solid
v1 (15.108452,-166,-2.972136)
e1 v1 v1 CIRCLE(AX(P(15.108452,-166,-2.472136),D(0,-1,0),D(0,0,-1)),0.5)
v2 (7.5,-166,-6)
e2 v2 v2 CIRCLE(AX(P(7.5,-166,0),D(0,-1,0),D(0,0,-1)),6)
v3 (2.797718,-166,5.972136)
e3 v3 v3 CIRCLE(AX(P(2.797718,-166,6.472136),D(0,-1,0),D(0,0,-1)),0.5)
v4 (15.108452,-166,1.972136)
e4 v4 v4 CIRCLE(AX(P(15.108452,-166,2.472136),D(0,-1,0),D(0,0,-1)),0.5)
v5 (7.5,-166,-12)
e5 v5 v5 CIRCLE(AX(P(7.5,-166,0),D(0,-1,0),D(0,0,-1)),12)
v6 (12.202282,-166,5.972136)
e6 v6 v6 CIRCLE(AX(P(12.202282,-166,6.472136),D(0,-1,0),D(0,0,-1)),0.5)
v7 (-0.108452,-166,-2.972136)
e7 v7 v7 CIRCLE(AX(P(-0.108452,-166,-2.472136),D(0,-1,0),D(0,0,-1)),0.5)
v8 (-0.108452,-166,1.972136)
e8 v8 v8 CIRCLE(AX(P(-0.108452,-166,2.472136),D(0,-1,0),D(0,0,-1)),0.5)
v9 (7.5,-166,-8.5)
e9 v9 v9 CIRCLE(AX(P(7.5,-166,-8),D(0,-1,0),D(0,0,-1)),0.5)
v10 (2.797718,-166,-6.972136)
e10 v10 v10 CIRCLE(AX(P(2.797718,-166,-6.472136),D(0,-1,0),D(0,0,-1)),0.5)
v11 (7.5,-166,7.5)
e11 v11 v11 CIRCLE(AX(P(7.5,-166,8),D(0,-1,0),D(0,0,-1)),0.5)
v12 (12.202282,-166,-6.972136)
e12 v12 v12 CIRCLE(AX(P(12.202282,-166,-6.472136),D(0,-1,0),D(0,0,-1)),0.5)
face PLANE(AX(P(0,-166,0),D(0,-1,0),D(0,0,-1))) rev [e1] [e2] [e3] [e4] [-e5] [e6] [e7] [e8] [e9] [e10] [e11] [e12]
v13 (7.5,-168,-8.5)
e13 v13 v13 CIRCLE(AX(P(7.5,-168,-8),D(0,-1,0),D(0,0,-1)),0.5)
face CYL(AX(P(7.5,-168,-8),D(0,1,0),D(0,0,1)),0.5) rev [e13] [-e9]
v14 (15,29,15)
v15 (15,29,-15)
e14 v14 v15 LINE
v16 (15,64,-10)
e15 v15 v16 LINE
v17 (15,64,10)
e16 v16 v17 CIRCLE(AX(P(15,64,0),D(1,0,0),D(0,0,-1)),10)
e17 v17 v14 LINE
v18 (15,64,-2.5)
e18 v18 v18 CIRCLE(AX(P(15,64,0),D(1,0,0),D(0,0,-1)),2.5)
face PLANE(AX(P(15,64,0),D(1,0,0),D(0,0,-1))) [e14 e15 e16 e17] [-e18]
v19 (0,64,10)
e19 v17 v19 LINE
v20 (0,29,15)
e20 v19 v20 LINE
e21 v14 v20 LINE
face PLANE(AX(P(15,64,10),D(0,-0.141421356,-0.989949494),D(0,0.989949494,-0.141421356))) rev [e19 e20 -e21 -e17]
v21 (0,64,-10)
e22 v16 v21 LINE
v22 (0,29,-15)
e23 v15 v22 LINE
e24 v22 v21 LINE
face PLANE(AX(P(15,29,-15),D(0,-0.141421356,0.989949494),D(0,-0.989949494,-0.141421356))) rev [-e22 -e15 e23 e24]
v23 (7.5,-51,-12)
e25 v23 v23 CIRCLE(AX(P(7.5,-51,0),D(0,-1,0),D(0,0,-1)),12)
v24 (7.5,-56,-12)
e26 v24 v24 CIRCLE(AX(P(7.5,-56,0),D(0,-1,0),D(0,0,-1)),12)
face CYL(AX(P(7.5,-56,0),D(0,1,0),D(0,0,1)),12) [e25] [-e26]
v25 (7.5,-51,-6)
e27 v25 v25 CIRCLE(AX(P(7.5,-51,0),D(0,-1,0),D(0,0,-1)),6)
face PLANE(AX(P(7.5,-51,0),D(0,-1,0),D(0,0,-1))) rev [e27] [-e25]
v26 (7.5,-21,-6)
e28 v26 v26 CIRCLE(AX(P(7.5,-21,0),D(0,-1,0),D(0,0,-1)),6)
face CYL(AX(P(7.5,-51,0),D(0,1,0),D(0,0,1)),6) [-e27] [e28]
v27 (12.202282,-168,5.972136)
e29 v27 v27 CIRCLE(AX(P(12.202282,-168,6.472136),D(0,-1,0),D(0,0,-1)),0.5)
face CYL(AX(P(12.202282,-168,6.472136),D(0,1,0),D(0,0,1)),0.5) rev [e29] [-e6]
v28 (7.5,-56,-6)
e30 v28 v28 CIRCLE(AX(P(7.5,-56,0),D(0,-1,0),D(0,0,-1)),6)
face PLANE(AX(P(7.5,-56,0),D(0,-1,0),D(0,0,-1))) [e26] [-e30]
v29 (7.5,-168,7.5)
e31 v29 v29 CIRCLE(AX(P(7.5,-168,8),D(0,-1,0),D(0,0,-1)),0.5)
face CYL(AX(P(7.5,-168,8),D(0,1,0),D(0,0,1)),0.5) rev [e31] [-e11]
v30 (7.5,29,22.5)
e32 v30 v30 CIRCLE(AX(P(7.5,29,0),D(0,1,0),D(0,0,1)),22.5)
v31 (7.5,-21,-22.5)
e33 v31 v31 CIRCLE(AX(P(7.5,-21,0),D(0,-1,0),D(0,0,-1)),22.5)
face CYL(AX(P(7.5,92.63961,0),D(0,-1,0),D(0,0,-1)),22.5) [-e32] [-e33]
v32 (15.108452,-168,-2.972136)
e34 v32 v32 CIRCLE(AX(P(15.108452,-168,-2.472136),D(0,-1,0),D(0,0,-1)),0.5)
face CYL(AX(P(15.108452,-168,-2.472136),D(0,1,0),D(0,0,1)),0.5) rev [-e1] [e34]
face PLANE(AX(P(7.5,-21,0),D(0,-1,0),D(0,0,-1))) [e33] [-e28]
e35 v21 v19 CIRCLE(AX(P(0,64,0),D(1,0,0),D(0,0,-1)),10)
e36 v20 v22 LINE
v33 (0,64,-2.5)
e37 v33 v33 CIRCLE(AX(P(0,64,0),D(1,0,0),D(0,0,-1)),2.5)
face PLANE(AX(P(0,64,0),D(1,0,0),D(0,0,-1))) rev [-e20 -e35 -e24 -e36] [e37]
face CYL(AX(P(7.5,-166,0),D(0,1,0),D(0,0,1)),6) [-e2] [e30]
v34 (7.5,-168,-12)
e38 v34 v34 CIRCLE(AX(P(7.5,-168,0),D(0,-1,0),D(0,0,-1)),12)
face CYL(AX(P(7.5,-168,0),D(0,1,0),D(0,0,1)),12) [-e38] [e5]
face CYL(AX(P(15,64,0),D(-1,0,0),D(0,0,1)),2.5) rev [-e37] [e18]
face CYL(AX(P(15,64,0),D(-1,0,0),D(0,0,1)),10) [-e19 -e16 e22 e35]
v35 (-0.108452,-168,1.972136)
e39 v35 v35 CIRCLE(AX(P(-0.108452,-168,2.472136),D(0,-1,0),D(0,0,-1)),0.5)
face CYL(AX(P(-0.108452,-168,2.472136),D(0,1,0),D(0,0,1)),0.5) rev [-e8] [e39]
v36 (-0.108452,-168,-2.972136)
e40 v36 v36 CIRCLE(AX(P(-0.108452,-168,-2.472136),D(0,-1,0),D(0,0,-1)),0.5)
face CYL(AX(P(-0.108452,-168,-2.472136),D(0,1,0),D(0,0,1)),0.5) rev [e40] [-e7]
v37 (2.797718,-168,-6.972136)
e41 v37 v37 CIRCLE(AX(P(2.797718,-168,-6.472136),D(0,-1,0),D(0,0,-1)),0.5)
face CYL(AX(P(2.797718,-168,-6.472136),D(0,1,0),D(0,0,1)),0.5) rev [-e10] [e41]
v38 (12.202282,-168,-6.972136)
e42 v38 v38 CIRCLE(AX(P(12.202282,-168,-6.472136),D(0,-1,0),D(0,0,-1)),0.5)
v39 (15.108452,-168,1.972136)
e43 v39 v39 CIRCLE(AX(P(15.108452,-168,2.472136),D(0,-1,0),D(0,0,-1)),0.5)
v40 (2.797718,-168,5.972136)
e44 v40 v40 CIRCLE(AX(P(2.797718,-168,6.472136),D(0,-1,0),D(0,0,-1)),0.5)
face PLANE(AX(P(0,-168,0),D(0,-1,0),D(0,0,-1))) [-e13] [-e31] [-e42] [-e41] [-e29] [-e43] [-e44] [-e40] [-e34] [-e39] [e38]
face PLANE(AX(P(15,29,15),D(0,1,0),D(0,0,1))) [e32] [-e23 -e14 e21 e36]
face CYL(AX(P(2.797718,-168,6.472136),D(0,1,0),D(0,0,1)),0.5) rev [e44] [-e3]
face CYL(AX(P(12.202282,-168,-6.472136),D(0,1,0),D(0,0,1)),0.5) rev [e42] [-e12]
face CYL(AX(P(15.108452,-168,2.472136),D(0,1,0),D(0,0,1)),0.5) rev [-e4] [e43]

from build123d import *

# Parameters (mm, degrees)
SKETCH2_R            = 2.5
BOSS_EXTRUDE2_DEPTH  = 15
SKETCH3_R            = 22.5
BOSS_EXTRUDE16_DEPTH = 39
BOSS_EXTRUDE22_START = -5
SKETCH3_4_R          = 22.5
BOSS_EXTRUDE22_DEPTH = 5
BOSS_EXTRUDE23_START = 6
SKETCH7_R            = 22.5
BOSS_EXTRUDE23_DEPTH = 6
SKETCH8_R            = 6
BOSS_EXTRUDE25_DEPTH = 30
SKETCH9_R            = 12
BOSS_EXTRUDE27_DEPTH = 5
SKETCH10_R           = 6
BOSS_EXTRUDE28_DEPTH = 110
SKETCH11_R           = 12
SKETCH11_R_2         = 0.5
BOSS_EXTRUDE30_DEPTH = 2


with BuildPart() as part:
    # Sketch2 → Boss-Extrude2 (new body)
    with BuildSketch(Plane(origin=(0, 0, 0), x_dir=(0, 0, -1), z_dir=(1, 0, 0))):
        with BuildLine():
            Line((-10, 64), (-15, 29))
            Line((-15, 29), (15, 29))
            Line((15, 29), (10, 64))
            ThreePointArc((10, 64), (0, 74), (-10, 64))
        make_face()
        with Locations((0, 64)):
            Circle(SKETCH2_R, mode=Mode.SUBTRACT)
    extrude(amount=BOSS_EXTRUDE2_DEPTH)

    # Sketch3 → Boss-Extrude16 (add)
    with BuildSketch(Plane(origin=(0, -10, 0), x_dir=(1, 0, 0), z_dir=(0, 1, 0))):
        with Locations(Location((7.5, 0, 0), (0, 0, 270))):
            Circle(SKETCH3_R)
    extrude(amount=BOSS_EXTRUDE16_DEPTH)

    # Sketch3<4> → Boss-Extrude22 (add)
    with BuildSketch(Plane(origin=(0, -10, 0), x_dir=(1, 0, 0), z_dir=(0, 1, 0)).offset(BOSS_EXTRUDE22_START)):
        with Locations(Location((7.5, 0, 0), (0, 0, 270))):
            Circle(SKETCH3_4_R)
    extrude(amount=BOSS_EXTRUDE22_DEPTH)

    # Sketch7 → Boss-Extrude23 (add)
    with BuildSketch(Plane.XZ.offset(15).offset(BOSS_EXTRUDE23_START)):
        with Locations(Location((7.5, 0, 0), (0, 0, 270))):
            Circle(SKETCH7_R)
    extrude(amount=-BOSS_EXTRUDE23_DEPTH)

    # Sketch8 → Boss-Extrude25 (add)
    with BuildSketch(Plane.XZ.offset(21)):
        with Locations(Location((7.5, 0, 0), (0, 0, 270))):
            Circle(SKETCH8_R)
    extrude(amount=BOSS_EXTRUDE25_DEPTH)

    # Sketch9 → Boss-Extrude27 (add)
    with BuildSketch(Plane.XZ.offset(51)):
        with Locations(Location((7.5, 0, 0), (0, 0, 270))):
            Circle(SKETCH9_R)
    extrude(amount=BOSS_EXTRUDE27_DEPTH)

    # Sketch10 → Boss-Extrude28 (add)
    with BuildSketch(Plane.XZ.offset(56)):
        with Locations(Location((7.5, 0, 0), (0, 0, 270))):
            Circle(SKETCH10_R)
    extrude(amount=BOSS_EXTRUDE28_DEPTH)

    # Sketch11 → Boss-Extrude30 (add)
    with BuildSketch(Plane.XZ.offset(166)):
        with Locations(Location((7.5, 0, 0), (0, 0, 270))):
            Circle(SKETCH11_R)
        with Locations(Location((7.5, 8, 0), (0, 0, 270))):
            Circle(SKETCH11_R_2, mode=Mode.SUBTRACT)
        with Locations(Location((2.797717982, 6.472135955, 0), (0, 0, 270))):
            Circle(SKETCH11_R_2, mode=Mode.SUBTRACT)
        with Locations(Location((-0.10845213, 2.472135955, 0), (0, 0, 270))):
            Circle(SKETCH11_R_2, mode=Mode.SUBTRACT)
        with Locations(Location((2.797717982, -6.472135955, 0), (0, 0, 270))):
            Circle(SKETCH11_R_2, mode=Mode.SUBTRACT)
        with Locations(Location((-0.10845213, -2.472135955, 0), (0, 0, 270))):
            Circle(SKETCH11_R_2, mode=Mode.SUBTRACT)
        with Locations(Location((7.5, -8, 0), (0, 0, 270))):
            Circle(SKETCH11_R_2, mode=Mode.SUBTRACT)
        with Locations(Location((12.202282018, -6.472135955, 0), (0, 0, 270))):
            Circle(SKETCH11_R_2, mode=Mode.SUBTRACT)
        with Locations(Location((15.10845213, -2.472135955, 0), (0, 0, 270))):
            Circle(SKETCH11_R_2, mode=Mode.SUBTRACT)
        with Locations(Location((15.10845213, 2.472135955, 0), (0, 0, 270))):
            Circle(SKETCH11_R_2, mode=Mode.SUBTRACT)
        with Locations(Location((12.202282018, 6.472135955, 0), (0, 0, 270))):
            Circle(SKETCH11_R_2, mode=Mode.SUBTRACT)
    extrude(amount=BOSS_EXTRUDE30_DEPTH)


solid = part.part
